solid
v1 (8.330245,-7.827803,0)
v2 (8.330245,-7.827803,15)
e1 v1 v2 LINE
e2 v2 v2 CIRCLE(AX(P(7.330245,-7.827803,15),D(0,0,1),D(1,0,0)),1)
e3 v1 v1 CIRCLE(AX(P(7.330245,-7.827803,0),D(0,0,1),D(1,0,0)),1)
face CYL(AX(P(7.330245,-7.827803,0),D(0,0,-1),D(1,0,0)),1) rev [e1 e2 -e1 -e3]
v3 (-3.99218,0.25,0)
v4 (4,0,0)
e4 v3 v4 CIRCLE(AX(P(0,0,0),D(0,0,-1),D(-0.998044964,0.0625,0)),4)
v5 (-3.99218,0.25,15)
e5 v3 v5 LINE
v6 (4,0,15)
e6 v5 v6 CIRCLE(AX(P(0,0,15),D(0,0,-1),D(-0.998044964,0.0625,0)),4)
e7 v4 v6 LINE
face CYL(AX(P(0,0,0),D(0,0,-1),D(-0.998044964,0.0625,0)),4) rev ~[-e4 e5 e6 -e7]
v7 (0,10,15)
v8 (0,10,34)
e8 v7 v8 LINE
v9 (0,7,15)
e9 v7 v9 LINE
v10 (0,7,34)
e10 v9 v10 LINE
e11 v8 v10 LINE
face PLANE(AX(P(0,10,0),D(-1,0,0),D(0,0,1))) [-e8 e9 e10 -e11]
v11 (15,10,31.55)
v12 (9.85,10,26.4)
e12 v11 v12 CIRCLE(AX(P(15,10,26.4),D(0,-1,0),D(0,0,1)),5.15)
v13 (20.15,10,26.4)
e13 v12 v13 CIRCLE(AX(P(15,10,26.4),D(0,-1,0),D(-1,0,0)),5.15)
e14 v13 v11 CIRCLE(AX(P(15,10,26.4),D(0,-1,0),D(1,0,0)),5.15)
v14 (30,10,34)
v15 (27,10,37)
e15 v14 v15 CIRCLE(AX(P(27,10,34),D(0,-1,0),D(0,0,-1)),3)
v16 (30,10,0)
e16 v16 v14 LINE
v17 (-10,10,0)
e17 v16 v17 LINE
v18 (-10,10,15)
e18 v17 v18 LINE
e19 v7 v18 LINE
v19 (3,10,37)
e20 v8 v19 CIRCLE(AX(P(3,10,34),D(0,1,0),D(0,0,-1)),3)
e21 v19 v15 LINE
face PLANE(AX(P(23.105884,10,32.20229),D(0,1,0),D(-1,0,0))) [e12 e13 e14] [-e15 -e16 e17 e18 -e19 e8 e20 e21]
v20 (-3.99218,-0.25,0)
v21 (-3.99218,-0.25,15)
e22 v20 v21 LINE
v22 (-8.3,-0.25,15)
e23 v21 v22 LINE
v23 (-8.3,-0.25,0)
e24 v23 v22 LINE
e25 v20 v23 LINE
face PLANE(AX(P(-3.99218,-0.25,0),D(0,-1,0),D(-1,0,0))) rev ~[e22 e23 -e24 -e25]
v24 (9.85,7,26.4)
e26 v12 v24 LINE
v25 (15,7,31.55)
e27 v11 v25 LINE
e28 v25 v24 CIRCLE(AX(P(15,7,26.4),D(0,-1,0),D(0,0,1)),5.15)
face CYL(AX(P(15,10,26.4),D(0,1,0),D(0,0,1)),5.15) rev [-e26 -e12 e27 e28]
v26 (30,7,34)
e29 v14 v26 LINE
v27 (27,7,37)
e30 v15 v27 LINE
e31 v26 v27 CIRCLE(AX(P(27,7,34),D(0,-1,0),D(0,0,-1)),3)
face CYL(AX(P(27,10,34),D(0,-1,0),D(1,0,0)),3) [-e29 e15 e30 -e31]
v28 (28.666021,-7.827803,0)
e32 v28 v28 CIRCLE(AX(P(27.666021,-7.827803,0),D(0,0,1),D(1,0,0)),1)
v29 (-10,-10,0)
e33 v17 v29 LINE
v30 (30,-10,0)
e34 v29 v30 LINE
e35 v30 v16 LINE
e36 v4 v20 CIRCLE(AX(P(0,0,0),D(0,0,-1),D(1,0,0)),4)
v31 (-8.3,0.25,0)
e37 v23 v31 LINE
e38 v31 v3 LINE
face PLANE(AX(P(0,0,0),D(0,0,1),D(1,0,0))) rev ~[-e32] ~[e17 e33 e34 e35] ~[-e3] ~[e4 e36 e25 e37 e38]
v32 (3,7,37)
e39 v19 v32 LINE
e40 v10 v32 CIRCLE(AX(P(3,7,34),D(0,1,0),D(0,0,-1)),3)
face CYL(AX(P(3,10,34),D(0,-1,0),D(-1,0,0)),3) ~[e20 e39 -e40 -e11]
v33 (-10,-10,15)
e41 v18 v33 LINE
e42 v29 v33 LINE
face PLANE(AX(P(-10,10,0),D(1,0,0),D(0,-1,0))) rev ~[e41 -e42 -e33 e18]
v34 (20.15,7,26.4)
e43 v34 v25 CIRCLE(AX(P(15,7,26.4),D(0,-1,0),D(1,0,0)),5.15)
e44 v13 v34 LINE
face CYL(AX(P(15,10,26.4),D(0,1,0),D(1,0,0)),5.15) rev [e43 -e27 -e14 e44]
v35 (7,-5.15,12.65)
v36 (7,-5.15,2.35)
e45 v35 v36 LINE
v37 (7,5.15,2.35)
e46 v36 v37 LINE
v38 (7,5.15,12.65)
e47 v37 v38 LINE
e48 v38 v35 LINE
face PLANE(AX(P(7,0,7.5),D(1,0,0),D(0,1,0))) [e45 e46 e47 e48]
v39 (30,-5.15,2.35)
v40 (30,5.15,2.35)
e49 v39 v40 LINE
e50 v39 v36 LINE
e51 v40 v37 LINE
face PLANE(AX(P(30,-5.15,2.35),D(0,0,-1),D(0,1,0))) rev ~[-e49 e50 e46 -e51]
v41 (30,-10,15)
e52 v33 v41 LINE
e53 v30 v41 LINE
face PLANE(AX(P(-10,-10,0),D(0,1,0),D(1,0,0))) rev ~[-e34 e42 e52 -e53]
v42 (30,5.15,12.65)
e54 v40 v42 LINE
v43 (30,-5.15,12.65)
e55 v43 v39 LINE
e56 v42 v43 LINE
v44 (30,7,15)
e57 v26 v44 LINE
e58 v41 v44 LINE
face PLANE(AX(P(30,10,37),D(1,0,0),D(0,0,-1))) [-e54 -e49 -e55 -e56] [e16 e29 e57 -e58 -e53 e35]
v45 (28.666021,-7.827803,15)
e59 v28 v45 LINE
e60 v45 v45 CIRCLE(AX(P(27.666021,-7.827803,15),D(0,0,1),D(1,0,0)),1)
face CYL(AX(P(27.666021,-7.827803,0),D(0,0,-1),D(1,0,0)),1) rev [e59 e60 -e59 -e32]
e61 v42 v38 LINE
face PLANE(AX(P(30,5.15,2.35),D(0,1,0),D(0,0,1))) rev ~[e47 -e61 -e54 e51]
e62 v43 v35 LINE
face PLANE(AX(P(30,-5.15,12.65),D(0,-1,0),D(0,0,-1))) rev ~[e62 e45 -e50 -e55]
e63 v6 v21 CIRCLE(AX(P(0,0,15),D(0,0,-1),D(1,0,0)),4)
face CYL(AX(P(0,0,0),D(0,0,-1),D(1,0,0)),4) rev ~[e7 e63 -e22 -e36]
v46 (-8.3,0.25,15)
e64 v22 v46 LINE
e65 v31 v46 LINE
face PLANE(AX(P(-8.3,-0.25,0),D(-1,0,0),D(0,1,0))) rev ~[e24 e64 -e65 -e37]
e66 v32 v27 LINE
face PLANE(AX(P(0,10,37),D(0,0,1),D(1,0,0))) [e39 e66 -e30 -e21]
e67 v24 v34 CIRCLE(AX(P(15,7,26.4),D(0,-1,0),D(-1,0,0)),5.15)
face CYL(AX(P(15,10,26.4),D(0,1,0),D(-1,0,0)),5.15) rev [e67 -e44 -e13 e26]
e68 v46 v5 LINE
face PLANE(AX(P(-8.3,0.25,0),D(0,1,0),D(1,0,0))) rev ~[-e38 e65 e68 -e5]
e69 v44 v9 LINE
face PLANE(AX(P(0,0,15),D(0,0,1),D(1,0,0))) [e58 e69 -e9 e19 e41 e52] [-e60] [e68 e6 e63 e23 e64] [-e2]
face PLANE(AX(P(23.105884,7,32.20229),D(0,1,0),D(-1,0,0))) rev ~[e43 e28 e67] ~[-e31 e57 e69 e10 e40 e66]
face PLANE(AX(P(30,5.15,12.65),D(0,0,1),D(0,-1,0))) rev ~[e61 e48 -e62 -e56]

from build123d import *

# Parameters (mm, degrees)
F0_R     = 1
F1_DEPTH = 15
F3_DEPTH = 23
F4_W     = 30
F4_H     = 15
F5_DEPTH = 3
F6_R     = 3


with BuildPart() as f1:
    # F0 (on Top) → F1 (new body)
    with BuildSketch(Plane.XY):
        Polygon((-10, 10), (-10, -10), (10, -10), (10, 7.8278025612), (10, 10), align=None)
        with Locations((7.3302448727, -7.8278025612)):
            Circle(F0_R, mode=Mode.SUBTRACT)
        with BuildLine():
            ThreePointArc((-3.9921798557, 0.25), (0.1250611397, 3.9980444859), (4, 0))
            ThreePointArc((4, 0), (0.1250611397, -3.9980444859), (-3.9921798557, -0.25))
            Line((-3.9921798557, -0.25), (-8.3, -0.25))
            Line((-8.3, -0.25), (-8.3, 0))
            Line((-8.3, 0), (-8.3, 0.25))
            Line((-8.3, 0.25), (-3.9921798557, 0.25))
        make_face(mode=Mode.SUBTRACT)
        with Locations((7.3302448727, 7.8278025612)):
            Circle(F0_R, mode=Mode.SUBTRACT)
        Polygon((10, 7.8278025612), (10, -10), (30, -10), (30, 10), (10, 10), align=None)
        with Locations((27.6660211384, -7.8278025612)):
            Circle(F0_R, mode=Mode.SUBTRACT)
        with BuildLine():
            ThreePointArc((28.6660211384, 7.8278025612), (27.6660211384, 6.8278025612), (26.6660211384, 7.8278025612))
            ThreePointArc((26.6660211384, 7.8278025612), (27.6660211384, 8.8278025612), (28.6660211384, 7.8278025612))
        make_face(mode=Mode.SUBTRACT)
        with Locations((7.3302448727, 7.8278025612)):
            Circle(F0_R)
        with BuildLine():
            ThreePointArc((28.6660211384, 7.8278025612), (27.6660211384, 8.8278025612), (26.6660211384, 7.8278025612))
            ThreePointArc((26.6660211384, 7.8278025612), (27.6660211384, 6.8278025612), (28.6660211384, 7.8278025612))
        make_face()
    extrude(amount=F1_DEPTH)

    # F2 (on face) → F3 (cut)
    with BuildSketch(Plane.YZ.offset(30)):
        Polygon((-5.15, 12.65), (-5.15, 7.5), (-5.15, 2.35), (5.15, 2.35), (5.15, 12.65), align=None)
    extrude(amount=-F3_DEPTH, mode=Mode.SUBTRACT)

    # F4 (on face) → F5 (join)
    with BuildSketch(Plane(origin=(0, 10, 0), x_dir=(-1, 0, 0), z_dir=(0, 1, 0))):
        with BuildLine():
            Line((-30, 37), (-30, 26.4))
            Line((-30, 26.4), (-20.15, 26.4))
            ThreePointArc((-20.15, 26.4), (-18.6415999231, 30.0415999231), (-15, 31.55))
            Line((-15, 31.55), (-15, 37))
            Line((-15, 37), (-30, 37))
        make_face()
        with Locations((-15, 7.5)):
            Rectangle(F4_W, F4_H)
        with BuildLine():
            Line((-30, 26.4), (-30, 15))
            Line((-30, 15), (0, 15))
            Line((0, 15), (0, 37))
            Line((0, 37), (-15, 37))
            Line((-15, 37), (-15, 31.55))
            ThreePointArc((-15, 31.55), (-11.3584000769, 30.0415999231), (-9.85, 26.4))
            ThreePointArc((-9.85, 26.4), (-15, 21.25), (-20.15, 26.4))
            Line((-20.15, 26.4), (-30, 26.4))
        make_face()
    extrude(amount=-F5_DEPTH)

    # F6
    f6_edges = [f1.edges().sort_by_distance(p)[0] for p in [
        (30, 8.5, 37),
        (0, 8.5, 37),
    ]]
    fillet(f6_edges, radius=F6_R)


solid = f1.part
